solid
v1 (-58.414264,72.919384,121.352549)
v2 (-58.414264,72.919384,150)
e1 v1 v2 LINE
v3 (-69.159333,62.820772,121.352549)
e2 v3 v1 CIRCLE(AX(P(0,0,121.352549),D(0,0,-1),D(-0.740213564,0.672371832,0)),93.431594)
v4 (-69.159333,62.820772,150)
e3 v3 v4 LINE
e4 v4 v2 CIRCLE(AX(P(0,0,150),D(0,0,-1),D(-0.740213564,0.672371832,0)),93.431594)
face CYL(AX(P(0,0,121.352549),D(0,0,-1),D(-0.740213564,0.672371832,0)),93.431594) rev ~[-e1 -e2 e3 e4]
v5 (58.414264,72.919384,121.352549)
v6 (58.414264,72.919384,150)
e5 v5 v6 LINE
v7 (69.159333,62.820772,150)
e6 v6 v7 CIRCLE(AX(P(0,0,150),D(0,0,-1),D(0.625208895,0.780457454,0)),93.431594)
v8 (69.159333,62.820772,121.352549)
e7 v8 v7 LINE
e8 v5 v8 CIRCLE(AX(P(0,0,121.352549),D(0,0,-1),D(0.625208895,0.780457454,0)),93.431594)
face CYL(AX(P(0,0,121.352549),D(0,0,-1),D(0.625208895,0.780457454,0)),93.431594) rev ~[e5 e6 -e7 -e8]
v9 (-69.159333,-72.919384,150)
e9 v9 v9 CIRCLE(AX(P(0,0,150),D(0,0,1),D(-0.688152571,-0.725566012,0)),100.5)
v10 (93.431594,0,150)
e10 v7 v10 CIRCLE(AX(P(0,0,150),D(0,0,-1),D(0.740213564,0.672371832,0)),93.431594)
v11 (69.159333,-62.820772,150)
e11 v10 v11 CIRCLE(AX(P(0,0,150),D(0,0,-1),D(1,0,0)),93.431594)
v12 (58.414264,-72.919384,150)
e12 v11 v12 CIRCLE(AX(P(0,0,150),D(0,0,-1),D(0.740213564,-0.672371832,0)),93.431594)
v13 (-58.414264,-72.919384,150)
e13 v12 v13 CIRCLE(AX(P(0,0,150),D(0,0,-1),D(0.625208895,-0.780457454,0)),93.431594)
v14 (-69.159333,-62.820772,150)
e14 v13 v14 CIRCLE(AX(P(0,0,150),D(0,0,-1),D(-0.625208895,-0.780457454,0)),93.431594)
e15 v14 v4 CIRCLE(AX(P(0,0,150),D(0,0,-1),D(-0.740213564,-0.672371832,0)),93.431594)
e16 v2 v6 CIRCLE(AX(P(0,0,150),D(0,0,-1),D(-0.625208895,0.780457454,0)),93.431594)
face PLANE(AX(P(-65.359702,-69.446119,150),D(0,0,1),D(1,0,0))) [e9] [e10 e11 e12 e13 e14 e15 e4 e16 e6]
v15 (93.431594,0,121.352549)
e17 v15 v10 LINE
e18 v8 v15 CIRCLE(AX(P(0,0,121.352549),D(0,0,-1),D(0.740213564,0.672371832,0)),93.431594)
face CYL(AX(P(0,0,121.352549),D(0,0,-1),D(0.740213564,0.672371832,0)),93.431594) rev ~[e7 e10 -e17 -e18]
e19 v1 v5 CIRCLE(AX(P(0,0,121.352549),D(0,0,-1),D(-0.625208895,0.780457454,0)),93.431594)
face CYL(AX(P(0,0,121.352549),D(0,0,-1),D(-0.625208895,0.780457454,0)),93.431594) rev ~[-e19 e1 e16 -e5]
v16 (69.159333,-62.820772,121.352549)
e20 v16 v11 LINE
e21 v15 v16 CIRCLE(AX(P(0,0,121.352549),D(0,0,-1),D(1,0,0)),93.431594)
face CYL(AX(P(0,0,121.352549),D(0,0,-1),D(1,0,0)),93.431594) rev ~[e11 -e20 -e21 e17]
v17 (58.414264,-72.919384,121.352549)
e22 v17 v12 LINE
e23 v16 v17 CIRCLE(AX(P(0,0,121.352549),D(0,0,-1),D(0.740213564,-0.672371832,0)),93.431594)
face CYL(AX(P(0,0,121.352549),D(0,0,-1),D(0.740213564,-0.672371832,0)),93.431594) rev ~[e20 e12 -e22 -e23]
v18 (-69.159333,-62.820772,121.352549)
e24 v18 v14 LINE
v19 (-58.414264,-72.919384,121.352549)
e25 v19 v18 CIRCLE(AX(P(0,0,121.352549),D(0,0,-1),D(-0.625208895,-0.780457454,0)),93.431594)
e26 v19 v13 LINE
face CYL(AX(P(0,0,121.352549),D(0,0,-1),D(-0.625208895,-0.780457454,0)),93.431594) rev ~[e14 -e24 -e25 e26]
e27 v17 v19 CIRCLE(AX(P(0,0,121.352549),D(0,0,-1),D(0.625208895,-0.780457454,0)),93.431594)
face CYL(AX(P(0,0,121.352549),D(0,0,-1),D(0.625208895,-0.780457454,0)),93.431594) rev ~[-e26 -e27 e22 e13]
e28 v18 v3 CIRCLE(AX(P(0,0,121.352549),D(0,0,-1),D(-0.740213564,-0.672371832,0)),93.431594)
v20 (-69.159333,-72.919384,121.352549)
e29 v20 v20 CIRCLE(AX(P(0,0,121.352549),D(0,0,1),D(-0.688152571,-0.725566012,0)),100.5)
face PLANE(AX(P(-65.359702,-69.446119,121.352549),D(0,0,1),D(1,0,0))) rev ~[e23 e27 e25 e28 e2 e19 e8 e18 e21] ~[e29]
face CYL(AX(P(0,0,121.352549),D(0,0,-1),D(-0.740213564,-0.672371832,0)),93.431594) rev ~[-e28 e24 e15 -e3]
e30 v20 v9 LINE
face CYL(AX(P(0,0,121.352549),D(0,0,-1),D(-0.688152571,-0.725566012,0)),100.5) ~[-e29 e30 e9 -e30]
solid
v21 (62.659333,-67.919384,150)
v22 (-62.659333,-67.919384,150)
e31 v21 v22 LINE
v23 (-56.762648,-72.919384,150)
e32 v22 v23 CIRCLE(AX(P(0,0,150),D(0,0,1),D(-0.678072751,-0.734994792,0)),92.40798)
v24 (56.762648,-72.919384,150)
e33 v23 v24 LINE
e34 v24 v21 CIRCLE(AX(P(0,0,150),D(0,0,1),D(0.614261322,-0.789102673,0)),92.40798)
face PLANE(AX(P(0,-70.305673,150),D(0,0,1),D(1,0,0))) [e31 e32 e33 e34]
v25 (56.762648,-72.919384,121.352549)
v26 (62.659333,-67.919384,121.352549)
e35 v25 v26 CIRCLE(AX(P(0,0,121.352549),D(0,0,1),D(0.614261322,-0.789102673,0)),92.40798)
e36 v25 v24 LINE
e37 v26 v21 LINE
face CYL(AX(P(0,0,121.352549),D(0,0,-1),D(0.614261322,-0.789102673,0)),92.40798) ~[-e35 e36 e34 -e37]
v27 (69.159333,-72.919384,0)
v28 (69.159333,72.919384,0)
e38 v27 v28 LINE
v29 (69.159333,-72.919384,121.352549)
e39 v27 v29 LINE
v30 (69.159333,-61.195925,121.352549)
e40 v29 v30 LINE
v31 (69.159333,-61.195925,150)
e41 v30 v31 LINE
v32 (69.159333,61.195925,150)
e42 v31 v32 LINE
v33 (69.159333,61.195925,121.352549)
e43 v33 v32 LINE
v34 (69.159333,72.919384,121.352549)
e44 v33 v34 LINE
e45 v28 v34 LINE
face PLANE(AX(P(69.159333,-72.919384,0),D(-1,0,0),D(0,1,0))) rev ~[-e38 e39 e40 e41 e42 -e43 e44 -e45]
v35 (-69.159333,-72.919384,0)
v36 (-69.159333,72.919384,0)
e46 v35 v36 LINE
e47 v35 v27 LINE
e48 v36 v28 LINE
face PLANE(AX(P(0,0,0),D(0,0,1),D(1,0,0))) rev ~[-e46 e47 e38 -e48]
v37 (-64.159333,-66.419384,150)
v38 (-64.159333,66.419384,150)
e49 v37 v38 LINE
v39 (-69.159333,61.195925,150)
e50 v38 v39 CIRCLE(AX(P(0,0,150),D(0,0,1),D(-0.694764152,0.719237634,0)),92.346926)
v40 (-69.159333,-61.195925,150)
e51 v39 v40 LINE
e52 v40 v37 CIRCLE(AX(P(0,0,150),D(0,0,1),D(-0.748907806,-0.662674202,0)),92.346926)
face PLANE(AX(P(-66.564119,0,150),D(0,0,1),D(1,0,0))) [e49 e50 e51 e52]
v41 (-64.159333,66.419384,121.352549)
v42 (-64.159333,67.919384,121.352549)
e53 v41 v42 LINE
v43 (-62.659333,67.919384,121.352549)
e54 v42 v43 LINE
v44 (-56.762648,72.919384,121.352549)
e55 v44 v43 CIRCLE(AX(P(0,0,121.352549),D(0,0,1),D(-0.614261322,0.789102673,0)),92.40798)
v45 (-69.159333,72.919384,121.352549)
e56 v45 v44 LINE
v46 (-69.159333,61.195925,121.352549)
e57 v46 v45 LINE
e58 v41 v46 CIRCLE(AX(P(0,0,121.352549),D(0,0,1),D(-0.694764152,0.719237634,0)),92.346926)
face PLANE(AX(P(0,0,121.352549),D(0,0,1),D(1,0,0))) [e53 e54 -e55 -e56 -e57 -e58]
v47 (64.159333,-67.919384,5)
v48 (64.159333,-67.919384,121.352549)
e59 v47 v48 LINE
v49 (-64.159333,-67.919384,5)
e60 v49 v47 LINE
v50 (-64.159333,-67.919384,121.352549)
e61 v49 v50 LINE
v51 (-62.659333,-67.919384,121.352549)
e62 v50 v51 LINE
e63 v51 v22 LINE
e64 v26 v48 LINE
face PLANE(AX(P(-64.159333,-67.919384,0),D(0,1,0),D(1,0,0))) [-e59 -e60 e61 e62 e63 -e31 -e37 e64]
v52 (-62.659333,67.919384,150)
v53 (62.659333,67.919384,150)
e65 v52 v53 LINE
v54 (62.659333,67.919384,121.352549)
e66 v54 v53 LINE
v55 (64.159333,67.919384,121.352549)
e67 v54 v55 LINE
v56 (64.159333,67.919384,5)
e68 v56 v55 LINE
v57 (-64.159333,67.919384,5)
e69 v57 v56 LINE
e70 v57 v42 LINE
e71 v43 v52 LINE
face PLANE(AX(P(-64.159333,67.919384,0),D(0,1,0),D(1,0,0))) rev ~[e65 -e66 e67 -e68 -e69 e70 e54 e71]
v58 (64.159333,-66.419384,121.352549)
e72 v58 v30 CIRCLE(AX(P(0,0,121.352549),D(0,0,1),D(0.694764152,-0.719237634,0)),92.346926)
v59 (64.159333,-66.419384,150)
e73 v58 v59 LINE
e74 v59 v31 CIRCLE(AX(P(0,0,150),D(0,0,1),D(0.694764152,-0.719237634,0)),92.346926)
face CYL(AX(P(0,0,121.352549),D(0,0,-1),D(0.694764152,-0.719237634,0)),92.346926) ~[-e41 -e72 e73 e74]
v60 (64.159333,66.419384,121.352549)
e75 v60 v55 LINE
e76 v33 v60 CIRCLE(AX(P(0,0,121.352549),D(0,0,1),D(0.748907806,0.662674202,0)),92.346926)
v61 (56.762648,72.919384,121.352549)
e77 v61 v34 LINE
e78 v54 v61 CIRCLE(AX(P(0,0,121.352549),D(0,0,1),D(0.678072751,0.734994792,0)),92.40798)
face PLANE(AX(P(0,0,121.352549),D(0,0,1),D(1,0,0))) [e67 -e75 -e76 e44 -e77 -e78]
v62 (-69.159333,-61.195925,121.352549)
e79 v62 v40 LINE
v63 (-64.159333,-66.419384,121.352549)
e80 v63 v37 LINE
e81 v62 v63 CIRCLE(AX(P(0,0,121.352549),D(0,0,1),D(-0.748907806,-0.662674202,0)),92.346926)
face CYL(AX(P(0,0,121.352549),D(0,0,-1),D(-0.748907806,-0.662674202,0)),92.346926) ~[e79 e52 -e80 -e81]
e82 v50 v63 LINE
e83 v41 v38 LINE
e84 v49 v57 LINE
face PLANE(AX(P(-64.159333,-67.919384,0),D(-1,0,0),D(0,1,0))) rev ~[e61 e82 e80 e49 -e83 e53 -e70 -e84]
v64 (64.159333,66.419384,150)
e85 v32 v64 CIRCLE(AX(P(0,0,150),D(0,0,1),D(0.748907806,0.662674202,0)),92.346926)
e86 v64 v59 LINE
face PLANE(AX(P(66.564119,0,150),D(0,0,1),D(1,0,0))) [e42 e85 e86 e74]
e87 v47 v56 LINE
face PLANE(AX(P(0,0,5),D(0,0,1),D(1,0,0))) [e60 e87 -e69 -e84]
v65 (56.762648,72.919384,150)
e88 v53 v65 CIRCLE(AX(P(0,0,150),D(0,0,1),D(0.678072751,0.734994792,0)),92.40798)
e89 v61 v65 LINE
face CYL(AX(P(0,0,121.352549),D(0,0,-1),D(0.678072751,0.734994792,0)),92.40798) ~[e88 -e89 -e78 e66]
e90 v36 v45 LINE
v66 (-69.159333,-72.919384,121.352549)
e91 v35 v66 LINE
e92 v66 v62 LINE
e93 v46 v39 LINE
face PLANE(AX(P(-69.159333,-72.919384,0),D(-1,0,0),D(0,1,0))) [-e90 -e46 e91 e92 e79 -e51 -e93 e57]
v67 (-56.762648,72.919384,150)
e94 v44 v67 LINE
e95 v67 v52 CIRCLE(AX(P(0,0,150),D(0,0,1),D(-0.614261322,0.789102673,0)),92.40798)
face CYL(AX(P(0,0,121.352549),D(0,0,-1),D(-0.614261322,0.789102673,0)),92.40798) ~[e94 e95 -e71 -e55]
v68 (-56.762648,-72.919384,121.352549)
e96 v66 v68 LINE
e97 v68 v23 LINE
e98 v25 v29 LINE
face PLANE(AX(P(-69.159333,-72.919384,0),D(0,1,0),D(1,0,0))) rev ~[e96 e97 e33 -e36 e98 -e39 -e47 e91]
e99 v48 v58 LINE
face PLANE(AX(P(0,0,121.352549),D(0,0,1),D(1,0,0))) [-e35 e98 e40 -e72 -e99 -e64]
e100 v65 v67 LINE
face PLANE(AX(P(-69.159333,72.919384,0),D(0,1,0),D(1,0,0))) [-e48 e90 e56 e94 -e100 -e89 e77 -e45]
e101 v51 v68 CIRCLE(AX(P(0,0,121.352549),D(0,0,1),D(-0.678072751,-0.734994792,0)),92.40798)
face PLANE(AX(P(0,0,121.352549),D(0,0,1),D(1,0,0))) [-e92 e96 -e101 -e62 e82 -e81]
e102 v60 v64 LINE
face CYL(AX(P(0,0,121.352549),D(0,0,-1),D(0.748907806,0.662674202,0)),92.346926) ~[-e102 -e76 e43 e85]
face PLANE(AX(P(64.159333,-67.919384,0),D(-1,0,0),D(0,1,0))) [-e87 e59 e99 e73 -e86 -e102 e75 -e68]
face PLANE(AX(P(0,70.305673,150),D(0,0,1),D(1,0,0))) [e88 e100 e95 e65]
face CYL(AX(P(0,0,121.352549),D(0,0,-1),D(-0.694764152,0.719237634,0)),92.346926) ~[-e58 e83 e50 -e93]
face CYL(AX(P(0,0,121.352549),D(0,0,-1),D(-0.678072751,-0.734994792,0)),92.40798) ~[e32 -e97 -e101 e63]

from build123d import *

# Parameters (mm, degrees)
F3_W     = 128.3186668592
F3_H     = 135.8387685024
F4_DEPTH = 5
F3_W_2   = 138.3186668592
F3_H_2   = 145.8387685024
F5_DEPTH = 121.3525491577
F8_DEPTH = 28.6474508423
F9_DEPTH = 28.6474508423


with BuildPart() as f4:
    # F3 (on Top) → F4 (new body)
    with BuildSketch(Plane.XY):
        Rectangle(F3_W, F3_H)
    extrude(amount=F4_DEPTH)

    # F3 (on Top) → F5 (join)
    with BuildSketch(Plane.XY):
        Rectangle(F3_W_2, F3_H_2)
        Rectangle(F3_W, F3_H, mode=Mode.SUBTRACT)
    extrude(amount=F5_DEPTH)

    # F6 (on face) → F9 (join)
    with BuildSketch(Plane.XY.offset(121.3525491577)):
        with BuildLine():
            Line((69.1593334296, 0), (69.1593334296, 61.1959252729))
            ThreePointArc((69.1593334296, 61.1959252729), (66.7104779192, 63.8566112962), (64.1593334296, 66.4193842512))
            Line((64.1593334296, 66.4193842512), (64.1593334296, 0))
            Line((64.1593334296, 0), (64.1593334296, -66.4193842512))
            ThreePointArc((64.1593334296, -66.4193842512), (66.7104779192, -63.8566112962), (69.1593334296, -61.1959252729))
            Line((69.1593334296, -61.1959252729), (69.1593334296, 0))
        make_face()
        with BuildLine():
            ThreePointArc((62.6593334296, 67.9193842512), (59.7633032908, 70.4810783309), (56.7626481353, 72.9193842512))
            Line((56.7626481353, 72.9193842512), (0, 72.9193842512))
            Line((0, 72.9193842512), (-56.7626481353, 72.9193842512))
            ThreePointArc((-56.7626481353, 72.9193842512), (-59.7633032908, 70.4810783309), (-62.6593334296, 67.9193842512))
            Line((-62.6593334296, 67.9193842512), (0, 67.9193842512))
            Line((0, 67.9193842512), (62.6593334296, 67.9193842512))
        make_face()
        with BuildLine():
            ThreePointArc((-64.1593334296, 66.4193842512), (-66.7104779192, 63.8566112962), (-69.1593334296, 61.1959252729))
            Line((-69.1593334296, 61.1959252729), (-69.1593334296, 0))
            Line((-69.1593334296, 0), (-69.1593334296, -61.1959252729))
            ThreePointArc((-69.1593334296, -61.1959252729), (-66.7104779192, -63.8566112962), (-64.1593334296, -66.4193842512))
            Line((-64.1593334296, -66.4193842512), (-64.1593334296, 0))
            Line((-64.1593334296, 0), (-64.1593334296, 66.4193842512))
        make_face()
        with BuildLine():
            Line((0, -72.9193842512), (56.7626481353, -72.9193842512))
            ThreePointArc((56.7626481353, -72.9193842512), (59.7633032908, -70.4810783309), (62.6593334296, -67.9193842512))
            Line((62.6593334296, -67.9193842512), (0, -67.9193842512))
            Line((0, -67.9193842512), (-62.6593334296, -67.9193842512))
            ThreePointArc((-62.6593334296, -67.9193842512), (-59.7633032908, -70.4810783309), (-56.7626481353, -72.9193842512))
            Line((-56.7626481353, -72.9193842512), (0, -72.9193842512))
        make_face()
    extrude(amount=F9_DEPTH)


with BuildPart() as f8:
    # F7 (on face) → F8 (new body)
    with BuildSketch(Plane.XY.offset(121.3525491577)):
        with BuildLine():
            ThreePointArc((-58.4142638713, -72.9193842512), (-61.3377672305, -70.4779478587), (-64.1593334296, -67.9193842512))
            ThreePointArc((-64.1593334296, -67.9193842512), (-66.708063189, -65.4178655167), (-69.1593334296, -62.8207722235))
            Line((-69.1593334296, -62.8207722235), (-69.1593334296, -72.9193842512))
            Line((-69.1593334296, -72.9193842512), (-58.4142638713, -72.9193842512))
        make_face()
        with BuildLine():
            Line((-69.1593334296, 62.8207722235), (-69.1593334296, 72.9193842512))
            ThreePointArc((-69.1593334296, 72.9193842512), (-100.5, 0), (-69.1593334296, -72.9193842512))
            Line((-69.1593334296, -72.9193842512), (-69.1593334296, -62.8207722235))
            ThreePointArc((-69.1593334296, -62.8207722235), (-93.4315943522, 0), (-69.1593334296, 62.8207722235))
        make_face()
        with BuildLine():
            ThreePointArc((64.1593334296, 67.9193842512), (66.708063189, 65.4178655167), (69.1593334296, 62.8207722235))
            Line((69.1593334296, 62.8207722235), (69.1593334296, 72.9193842512))
            Line((69.1593334296, 72.9193842512), (58.4142638713, 72.9193842512))
            ThreePointArc((58.4142638713, 72.9193842512), (61.3377672305, 70.4779478587), (64.1593334296, 67.9193842512))
        make_face()
        with BuildLine():
            ThreePointArc((-69.1593334296, 62.8207722235), (-66.708063189, 65.4178655167), (-64.1593334296, 67.9193842512))
            ThreePointArc((-64.1593334296, 67.9193842512), (-61.3377672305, 70.4779478587), (-58.4142638713, 72.9193842512))
            Line((-58.4142638713, 72.9193842512), (-69.1593334296, 72.9193842512))
            Line((-69.1593334296, 72.9193842512), (-69.1593334296, 62.8207722235))
        make_face()
        with BuildLine():
            Line((58.4142638713, 72.9193842512), (69.1593334296, 72.9193842512))
            ThreePointArc((69.1593334296, 72.9193842512), (0, 100.5), (-69.1593334296, 72.9193842512))
            Line((-69.1593334296, 72.9193842512), (-58.4142638713, 72.9193842512))
            ThreePointArc((-58.4142638713, 72.9193842512), (0, 93.4315943522), (58.4142638713, 72.9193842512))
        make_face()
        with BuildLine():
            ThreePointArc((69.1593334296, 62.8207722235), (87.1525375702, 33.6734022377), (93.4315943522, 0))
            ThreePointArc((93.4315943522, 0), (87.1525375702, -33.6734022377), (69.1593334296, -62.8207722235))
            Line((69.1593334296, -62.8207722235), (69.1593334296, -72.9193842512))
            ThreePointArc((69.1593334296, -72.9193842512), (92.3329925045, -39.6846128262), (100.5, 0))
            ThreePointArc((100.5, 0), (92.3329925045, 39.6846128262), (69.1593334296, 72.9193842512))
            Line((69.1593334296, 72.9193842512), (69.1593334296, 62.8207722235))
        make_face()
        with BuildLine():
            Line((69.1593334296, -72.9193842512), (69.1593334296, -62.8207722235))
            ThreePointArc((69.1593334296, -62.8207722235), (66.708063189, -65.4178655167), (64.1593334296, -67.9193842512))
            ThreePointArc((64.1593334296, -67.9193842512), (61.3377672305, -70.4779478587), (58.4142638713, -72.9193842512))
            Line((58.4142638713, -72.9193842512), (69.1593334296, -72.9193842512))
        make_face()
        with BuildLine():
            ThreePointArc((-69.1593334296, -72.9193842512), (0, -100.5), (69.1593334296, -72.9193842512))
            Line((69.1593334296, -72.9193842512), (58.4142638713, -72.9193842512))
            ThreePointArc((58.4142638713, -72.9193842512), (0, -93.4315943522), (-58.4142638713, -72.9193842512))
            Line((-58.4142638713, -72.9193842512), (-69.1593334296, -72.9193842512))
        make_face()
    extrude(amount=F8_DEPTH)


solid = Compound([f4.part, f8.part])
